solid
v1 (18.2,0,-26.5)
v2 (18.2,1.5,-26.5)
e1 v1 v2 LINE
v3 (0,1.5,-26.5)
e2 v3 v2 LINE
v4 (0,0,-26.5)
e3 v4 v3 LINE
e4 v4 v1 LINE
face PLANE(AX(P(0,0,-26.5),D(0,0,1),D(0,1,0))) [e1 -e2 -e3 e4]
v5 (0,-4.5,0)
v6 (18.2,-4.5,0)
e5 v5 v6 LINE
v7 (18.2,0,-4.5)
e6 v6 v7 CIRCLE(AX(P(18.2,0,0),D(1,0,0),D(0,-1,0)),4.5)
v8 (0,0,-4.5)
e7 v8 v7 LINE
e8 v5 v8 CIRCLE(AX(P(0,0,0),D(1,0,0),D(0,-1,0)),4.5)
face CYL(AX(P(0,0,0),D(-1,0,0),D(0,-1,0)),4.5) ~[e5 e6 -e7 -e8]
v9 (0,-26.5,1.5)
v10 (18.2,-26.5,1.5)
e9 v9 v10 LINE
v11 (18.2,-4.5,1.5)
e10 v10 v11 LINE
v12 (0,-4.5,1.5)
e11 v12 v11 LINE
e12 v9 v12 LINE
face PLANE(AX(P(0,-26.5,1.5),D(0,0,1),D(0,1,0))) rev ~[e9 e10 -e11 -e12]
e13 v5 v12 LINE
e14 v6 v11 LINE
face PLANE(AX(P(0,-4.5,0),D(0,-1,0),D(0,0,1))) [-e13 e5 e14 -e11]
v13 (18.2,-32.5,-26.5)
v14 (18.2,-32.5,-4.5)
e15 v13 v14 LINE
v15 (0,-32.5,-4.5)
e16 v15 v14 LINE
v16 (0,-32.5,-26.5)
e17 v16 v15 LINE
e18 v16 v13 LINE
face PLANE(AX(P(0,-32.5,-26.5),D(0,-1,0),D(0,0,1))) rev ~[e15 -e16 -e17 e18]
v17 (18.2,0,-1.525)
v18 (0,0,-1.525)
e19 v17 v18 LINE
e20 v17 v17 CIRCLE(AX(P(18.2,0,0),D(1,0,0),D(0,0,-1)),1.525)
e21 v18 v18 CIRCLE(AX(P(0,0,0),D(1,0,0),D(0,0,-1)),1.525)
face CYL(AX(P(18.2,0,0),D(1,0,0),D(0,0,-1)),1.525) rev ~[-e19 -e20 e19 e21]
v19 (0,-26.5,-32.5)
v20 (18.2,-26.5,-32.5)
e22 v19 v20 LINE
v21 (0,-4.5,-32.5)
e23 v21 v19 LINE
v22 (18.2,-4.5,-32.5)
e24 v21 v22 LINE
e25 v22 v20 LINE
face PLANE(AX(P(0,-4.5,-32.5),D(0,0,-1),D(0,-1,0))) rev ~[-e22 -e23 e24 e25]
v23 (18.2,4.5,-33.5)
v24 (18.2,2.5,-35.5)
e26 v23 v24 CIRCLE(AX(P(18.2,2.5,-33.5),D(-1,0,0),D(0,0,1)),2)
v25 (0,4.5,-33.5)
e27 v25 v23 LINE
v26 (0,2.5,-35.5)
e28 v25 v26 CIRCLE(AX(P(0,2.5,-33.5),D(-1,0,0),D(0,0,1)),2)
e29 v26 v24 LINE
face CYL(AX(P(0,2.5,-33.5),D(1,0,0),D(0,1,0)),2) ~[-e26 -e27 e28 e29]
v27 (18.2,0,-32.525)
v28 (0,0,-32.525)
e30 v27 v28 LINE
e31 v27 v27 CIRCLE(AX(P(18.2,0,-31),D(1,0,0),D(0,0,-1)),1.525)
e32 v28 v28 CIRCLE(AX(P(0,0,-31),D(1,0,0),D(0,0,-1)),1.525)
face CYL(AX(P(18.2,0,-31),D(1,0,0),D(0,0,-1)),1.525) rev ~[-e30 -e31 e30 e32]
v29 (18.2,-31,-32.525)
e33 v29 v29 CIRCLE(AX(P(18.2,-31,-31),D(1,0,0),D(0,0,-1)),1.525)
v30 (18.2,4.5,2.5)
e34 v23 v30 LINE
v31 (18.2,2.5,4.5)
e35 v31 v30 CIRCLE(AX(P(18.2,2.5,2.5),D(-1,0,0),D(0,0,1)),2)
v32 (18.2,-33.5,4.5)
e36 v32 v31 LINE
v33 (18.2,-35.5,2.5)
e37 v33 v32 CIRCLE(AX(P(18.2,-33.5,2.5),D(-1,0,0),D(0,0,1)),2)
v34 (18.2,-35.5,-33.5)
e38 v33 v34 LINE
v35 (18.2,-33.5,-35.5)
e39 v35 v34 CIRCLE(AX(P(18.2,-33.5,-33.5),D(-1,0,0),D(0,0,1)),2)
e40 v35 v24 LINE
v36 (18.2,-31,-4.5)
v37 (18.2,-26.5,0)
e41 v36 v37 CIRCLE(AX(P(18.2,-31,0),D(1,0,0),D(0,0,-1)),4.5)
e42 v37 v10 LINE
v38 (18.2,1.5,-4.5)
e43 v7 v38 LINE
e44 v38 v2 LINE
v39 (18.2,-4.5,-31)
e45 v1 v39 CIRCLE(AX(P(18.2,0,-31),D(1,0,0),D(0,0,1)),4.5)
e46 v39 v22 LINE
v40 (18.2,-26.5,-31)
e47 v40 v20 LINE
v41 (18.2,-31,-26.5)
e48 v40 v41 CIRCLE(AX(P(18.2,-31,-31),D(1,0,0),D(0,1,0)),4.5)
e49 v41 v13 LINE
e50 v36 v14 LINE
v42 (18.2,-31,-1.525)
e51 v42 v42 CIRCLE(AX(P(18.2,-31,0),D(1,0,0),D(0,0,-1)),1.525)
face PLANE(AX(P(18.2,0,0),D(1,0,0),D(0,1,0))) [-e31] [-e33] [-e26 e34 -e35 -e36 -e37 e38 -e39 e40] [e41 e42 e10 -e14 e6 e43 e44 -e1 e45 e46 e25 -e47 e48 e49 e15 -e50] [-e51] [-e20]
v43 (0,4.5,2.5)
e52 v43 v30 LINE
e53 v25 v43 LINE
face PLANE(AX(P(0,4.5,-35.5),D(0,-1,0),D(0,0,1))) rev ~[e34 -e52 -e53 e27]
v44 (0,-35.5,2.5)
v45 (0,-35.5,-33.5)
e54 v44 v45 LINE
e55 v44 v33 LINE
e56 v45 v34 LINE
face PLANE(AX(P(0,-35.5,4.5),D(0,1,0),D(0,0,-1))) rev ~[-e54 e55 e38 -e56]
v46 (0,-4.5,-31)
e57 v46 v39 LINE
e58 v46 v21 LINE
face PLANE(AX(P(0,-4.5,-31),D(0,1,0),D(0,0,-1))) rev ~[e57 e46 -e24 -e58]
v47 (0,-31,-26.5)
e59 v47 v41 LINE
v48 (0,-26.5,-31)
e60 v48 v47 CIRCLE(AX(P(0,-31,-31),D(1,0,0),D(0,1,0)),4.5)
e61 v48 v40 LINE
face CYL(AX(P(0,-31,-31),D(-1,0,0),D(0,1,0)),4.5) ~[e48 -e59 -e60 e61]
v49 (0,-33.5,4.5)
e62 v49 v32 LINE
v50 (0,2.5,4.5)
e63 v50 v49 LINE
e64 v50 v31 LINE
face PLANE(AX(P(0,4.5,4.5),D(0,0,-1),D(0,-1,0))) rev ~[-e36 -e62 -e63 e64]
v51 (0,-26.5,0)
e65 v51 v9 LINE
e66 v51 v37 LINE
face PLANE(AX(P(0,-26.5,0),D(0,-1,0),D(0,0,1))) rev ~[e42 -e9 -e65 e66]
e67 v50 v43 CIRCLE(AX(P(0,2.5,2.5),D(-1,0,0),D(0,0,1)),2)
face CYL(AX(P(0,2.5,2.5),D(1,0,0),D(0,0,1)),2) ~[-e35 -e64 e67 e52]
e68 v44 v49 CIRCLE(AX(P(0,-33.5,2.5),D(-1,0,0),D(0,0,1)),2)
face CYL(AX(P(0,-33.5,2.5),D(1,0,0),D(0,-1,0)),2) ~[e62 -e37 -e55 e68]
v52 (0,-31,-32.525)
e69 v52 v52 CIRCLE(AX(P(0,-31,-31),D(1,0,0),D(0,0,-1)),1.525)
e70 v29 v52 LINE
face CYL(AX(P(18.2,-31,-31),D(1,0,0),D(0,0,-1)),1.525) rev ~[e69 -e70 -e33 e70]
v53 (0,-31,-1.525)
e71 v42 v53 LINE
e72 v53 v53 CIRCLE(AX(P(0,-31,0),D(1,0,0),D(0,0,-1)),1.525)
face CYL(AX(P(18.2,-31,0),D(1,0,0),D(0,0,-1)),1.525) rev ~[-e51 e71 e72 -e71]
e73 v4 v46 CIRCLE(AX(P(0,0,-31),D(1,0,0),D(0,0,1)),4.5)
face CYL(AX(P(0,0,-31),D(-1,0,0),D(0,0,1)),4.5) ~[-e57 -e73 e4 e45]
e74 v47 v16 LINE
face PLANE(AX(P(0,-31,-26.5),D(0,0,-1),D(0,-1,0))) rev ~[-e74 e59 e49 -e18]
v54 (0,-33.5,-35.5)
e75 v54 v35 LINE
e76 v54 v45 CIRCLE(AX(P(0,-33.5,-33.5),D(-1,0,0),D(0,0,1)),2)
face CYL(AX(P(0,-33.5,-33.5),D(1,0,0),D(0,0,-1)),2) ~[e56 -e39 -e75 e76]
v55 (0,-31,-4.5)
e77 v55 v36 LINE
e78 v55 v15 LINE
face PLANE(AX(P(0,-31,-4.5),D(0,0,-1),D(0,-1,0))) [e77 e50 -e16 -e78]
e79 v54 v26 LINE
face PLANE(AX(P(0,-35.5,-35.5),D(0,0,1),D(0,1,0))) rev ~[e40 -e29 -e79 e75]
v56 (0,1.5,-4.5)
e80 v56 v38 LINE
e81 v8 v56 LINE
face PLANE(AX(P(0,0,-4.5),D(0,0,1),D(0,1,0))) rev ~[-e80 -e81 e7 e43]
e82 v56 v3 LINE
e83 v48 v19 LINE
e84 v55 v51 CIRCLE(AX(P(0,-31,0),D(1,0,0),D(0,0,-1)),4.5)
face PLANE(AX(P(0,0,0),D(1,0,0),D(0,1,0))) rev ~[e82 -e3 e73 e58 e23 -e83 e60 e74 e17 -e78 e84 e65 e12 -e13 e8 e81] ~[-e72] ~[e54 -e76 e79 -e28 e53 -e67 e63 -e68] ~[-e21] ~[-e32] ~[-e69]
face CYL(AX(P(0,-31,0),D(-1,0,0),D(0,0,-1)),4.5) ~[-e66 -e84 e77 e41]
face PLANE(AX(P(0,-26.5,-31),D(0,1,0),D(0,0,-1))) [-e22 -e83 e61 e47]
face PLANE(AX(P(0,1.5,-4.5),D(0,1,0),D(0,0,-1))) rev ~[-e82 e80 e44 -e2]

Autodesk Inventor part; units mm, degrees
ref_plane "YZ Plane" through (0, 0, 0) normal (1, 0, 0) x (0, 1, 0)
ref_plane "XZ Plane" through (0, 0, 0) normal (0, 1, 0) x (-1, 0, 0)
ref_plane "XY Plane" through (0, 0, 0) normal (0, 0, 1) x (1, 0, 0)
sketch "Sketch1" plane through (0, 0, 0) normal (1, 0, 0) x (0, 1, 0)
  circle A0 centre (0, 0) radius 1.45
  circle A1 centre (0, -31) radius 1.45
  circle A2 centre (-31, -31) radius 1.45
  circle A3 centre (-31, 0) radius 1.45
  line L0 (0, 4.5) -> (-31, 4.5)
  line L1 (-31, 4.5) -> (-35.5, 4.5)
  line L2 (-35.5, 4.5) -> (-35.5, -35.5)
  line L3 (-35.5, -35.5) -> (4.5, -35.5)
  line L4 (4.5, -35.5) -> (4.5, 4.5)
  line L5 (4.5, 4.5) -> (0, 4.5)
  arc A4 (-4.5, 0) -> (0, -4.5) centre (0, 0) ccw
  arc A5 (-26.5, -31) -> (-31, -26.5) centre (-31, -31) ccw
  line L6 (-26.5, 0) -> (-26.5, 1.5)
  line L7 (-31, -4.5) -> (-32.5, -4.5)
  line L8 (-31, -26.5) -> (-32.5, -26.5)
  line L9 (-26.5, -31) -> (-26.5, -32.5)
  line L10 (-4.5, -31) -> (-4.5, -32.5)
  line L11 (0, -26.5) -> (1.5, -26.5)
  line L12 (0, -4.5) -> (1.5, -4.5)
  line L13 (-4.5, 0) -> (-4.5, 1.5)
  arc A6 (0, -26.5) -> (-4.5, -31) centre (0, -31) ccw
  arc A7 (-31, -4.5) -> (-26.5, 0) centre (-31, 0) ccw
  line L14 (-26.5, 1.5) -> (-4.5, 1.5)
  line L15 (1.5, -4.5) -> (1.5, -26.5)
  line L16 (-4.5, -32.5) -> (-26.5, -32.5)
  line L17 (-32.5, -26.5) -> (-32.5, -4.5)
extrude "Extrusion1" add sketch "Sketch1" along normal blind 18.2
fillet "Fillet1" radius 2 4 edges at (9.1, 4.5, 4.5) (9.1, 4.5, -35.5) (9.1, -35.5, 4.5) (9.1, -35.5, -35.5)
sketch "Sketch2" plane through (18.2, 0, 0) normal (1, 0, 0) x (0, 0, -1)
  circle A0 centre (0, 0) radius 1.45 projected
  circle A1 centre (0, 0) radius 1.525
  circle A2 centre (31, 0) radius 1.45 projected
  circle A3 centre (31, 0) radius 1.525
  circle A4 centre (31, -31) radius 1.45 projected
  circle A5 centre (31, -31) radius 1.525
  circle A6 centre (0, -31) radius 1.45 projected
  circle A7 centre (0, -31) radius 1.525
  dimension "d20" = 3.05
  dimension "d21" = 3.05
  dimension "d22" = 3.05
  dimension "d23" = 3.05
extrude "Extrusion2" cut sketch "Sketch2" against normal up to surface (18.2 mm away)
properties part number "encoder_cover"
